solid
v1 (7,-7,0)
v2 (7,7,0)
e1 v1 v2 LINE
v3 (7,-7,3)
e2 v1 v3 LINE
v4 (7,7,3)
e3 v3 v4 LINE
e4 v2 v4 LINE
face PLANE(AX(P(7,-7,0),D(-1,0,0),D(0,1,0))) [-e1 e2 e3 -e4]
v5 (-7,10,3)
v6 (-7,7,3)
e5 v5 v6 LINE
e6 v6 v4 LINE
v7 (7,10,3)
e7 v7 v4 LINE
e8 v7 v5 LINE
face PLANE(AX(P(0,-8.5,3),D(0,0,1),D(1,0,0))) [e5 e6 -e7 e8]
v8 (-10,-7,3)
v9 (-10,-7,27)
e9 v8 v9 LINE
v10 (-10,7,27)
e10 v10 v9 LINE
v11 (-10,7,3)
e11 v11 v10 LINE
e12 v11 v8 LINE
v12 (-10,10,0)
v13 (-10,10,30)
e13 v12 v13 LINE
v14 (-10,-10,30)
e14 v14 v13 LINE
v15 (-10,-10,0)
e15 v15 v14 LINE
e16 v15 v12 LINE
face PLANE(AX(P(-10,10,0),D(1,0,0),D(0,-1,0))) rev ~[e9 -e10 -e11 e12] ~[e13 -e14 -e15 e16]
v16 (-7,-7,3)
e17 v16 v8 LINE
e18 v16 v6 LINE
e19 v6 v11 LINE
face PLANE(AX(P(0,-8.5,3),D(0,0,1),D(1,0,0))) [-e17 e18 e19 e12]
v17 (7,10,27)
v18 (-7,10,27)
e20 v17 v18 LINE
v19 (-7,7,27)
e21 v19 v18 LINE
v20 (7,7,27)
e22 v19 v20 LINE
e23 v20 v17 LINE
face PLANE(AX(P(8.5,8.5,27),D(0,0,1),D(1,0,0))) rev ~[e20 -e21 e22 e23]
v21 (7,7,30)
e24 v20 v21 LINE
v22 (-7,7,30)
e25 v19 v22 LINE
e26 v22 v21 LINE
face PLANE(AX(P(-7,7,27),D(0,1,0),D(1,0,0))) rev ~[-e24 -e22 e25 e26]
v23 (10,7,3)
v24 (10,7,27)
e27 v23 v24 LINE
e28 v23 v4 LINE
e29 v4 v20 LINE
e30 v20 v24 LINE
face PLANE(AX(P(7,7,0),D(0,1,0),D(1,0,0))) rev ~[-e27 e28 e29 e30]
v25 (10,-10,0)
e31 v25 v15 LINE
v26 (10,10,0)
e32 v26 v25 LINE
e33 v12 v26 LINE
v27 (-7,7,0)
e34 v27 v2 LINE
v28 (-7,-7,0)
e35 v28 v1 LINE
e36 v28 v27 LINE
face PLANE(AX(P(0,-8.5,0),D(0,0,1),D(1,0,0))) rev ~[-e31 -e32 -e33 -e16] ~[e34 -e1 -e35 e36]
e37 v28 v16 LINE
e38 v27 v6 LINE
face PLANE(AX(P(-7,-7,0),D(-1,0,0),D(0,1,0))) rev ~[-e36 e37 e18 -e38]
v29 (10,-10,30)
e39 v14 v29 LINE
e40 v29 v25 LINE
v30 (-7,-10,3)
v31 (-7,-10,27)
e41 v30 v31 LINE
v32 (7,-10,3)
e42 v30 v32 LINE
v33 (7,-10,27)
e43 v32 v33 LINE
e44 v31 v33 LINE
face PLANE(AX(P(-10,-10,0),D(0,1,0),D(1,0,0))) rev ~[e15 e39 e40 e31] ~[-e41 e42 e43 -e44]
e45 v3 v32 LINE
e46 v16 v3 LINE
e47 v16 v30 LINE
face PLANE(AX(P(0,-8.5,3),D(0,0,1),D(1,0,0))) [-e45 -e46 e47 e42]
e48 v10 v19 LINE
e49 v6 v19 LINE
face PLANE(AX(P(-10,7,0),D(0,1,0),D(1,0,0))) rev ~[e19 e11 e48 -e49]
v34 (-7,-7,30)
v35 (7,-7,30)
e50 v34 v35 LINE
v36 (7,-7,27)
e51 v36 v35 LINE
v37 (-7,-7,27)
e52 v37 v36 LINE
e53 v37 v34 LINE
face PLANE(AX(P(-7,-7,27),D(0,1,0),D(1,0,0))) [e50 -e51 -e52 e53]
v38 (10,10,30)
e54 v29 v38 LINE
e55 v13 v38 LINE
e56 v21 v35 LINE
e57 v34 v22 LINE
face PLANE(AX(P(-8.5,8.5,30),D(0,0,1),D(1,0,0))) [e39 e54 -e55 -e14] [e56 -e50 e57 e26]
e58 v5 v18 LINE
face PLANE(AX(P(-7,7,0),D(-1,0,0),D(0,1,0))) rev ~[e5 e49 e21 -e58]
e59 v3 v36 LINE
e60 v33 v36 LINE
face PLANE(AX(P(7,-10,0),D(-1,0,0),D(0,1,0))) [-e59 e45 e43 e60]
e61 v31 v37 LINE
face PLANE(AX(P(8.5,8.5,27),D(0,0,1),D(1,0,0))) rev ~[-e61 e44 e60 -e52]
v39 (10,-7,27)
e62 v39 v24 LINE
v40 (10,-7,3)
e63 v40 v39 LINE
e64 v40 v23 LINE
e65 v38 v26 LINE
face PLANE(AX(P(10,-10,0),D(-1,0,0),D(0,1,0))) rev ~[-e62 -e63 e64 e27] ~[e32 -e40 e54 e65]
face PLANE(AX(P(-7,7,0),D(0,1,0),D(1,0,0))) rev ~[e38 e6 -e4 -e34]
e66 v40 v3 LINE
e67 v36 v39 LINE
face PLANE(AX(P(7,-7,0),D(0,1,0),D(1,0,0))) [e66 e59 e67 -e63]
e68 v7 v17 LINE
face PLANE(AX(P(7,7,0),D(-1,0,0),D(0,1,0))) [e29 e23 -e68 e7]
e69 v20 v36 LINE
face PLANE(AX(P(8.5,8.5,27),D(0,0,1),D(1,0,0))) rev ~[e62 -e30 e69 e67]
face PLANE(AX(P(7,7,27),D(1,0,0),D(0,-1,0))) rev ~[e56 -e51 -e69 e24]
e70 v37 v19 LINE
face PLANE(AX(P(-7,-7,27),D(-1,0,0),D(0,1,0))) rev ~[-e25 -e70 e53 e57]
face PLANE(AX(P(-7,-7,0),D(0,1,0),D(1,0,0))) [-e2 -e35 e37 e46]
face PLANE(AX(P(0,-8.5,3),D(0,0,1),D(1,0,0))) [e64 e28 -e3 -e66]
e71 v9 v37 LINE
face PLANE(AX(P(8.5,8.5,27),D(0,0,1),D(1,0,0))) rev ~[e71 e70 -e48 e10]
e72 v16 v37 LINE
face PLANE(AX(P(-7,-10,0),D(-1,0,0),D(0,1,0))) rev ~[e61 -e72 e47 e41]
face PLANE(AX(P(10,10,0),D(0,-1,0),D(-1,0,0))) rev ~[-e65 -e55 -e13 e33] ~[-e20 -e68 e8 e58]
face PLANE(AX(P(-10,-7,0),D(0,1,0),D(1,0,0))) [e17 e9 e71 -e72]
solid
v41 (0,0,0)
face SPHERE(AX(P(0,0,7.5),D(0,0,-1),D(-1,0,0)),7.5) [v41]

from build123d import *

# Parameters (mm, degrees)
F0_W     = 14
F0_H     = 3
F0_W_2   = 3
F0_H_2   = 14
F1_DEPTH = 3
F2_DEPTH = 30
F3_START = 27
F3_DEPTH = 3


with BuildPart() as f1:
    # F0 (on Top) → F1 (new body)
    with BuildSketch(Plane.XY):
        with Locations((0, -8.5)):
            Rectangle(F0_W, F0_H)
        with Locations((-8.5, 0)):
            Rectangle(F0_W_2, F0_H_2)
        with Locations((0, 8.5)):
            Rectangle(F0_W, F0_H)
        with Locations((8.5, 0)):
            Rectangle(F0_W_2, F0_H_2)
        with Locations((-8.5, -8.5)):
            Rectangle(F0_W_2, F0_H)
        with Locations((8.5, -8.5)):
            Rectangle(F0_W_2, F0_H)
        with Locations((8.5, 8.5)):
            Rectangle(F0_W_2, F0_H)
        with Locations((-8.5, 8.5)):
            Rectangle(F0_W_2, F0_H)
    extrude(amount=F1_DEPTH)

    # F0 (on Top) → F2 (join)
    with BuildSketch(Plane.XY):
        with Locations((-8.5, -8.5)):
            Rectangle(F0_W_2, F0_H)
        with Locations((-8.5, 8.5)):
            Rectangle(F0_W_2, F0_H)
        with Locations((8.5, 8.5)):
            Rectangle(F0_W_2, F0_H)
        with Locations((8.5, -8.5)):
            Rectangle(F0_W_2, F0_H)
    extrude(amount=F2_DEPTH)

    # F0 (on Top) → F3 (join)
    with BuildSketch(Plane.XY.offset(F3_START)):
        with Locations((8.5, 8.5)):
            Rectangle(F0_W_2, F0_H)
        with Locations((0, 8.5)):
            Rectangle(F0_W, F0_H)
        with Locations((8.5, 0)):
            Rectangle(F0_W_2, F0_H_2)
        with Locations((-8.5, 8.5)):
            Rectangle(F0_W_2, F0_H)
        with Locations((8.5, -8.5)):
            Rectangle(F0_W_2, F0_H)
        with Locations((-8.5, 0)):
            Rectangle(F0_W_2, F0_H_2)
        with Locations((0, -8.5)):
            Rectangle(F0_W, F0_H)
        with Locations((-8.5, -8.5)):
            Rectangle(F0_W_2, F0_H)
    extrude(amount=F3_DEPTH)


with BuildPart() as f5:
    # F4 (on Front) → F5 (revolve)
    with BuildSketch(Plane.XZ):
        with BuildLine():
            Line((0, 0), (0, 15))
            ThreePointArc((0, 15), (-7.5, 7.5), (0, 0))
        make_face()
    revolve(axis=Axis((0, 0, 7.5), (0, 0, -1)))


solid = Compound([f1.part, f5.part])
